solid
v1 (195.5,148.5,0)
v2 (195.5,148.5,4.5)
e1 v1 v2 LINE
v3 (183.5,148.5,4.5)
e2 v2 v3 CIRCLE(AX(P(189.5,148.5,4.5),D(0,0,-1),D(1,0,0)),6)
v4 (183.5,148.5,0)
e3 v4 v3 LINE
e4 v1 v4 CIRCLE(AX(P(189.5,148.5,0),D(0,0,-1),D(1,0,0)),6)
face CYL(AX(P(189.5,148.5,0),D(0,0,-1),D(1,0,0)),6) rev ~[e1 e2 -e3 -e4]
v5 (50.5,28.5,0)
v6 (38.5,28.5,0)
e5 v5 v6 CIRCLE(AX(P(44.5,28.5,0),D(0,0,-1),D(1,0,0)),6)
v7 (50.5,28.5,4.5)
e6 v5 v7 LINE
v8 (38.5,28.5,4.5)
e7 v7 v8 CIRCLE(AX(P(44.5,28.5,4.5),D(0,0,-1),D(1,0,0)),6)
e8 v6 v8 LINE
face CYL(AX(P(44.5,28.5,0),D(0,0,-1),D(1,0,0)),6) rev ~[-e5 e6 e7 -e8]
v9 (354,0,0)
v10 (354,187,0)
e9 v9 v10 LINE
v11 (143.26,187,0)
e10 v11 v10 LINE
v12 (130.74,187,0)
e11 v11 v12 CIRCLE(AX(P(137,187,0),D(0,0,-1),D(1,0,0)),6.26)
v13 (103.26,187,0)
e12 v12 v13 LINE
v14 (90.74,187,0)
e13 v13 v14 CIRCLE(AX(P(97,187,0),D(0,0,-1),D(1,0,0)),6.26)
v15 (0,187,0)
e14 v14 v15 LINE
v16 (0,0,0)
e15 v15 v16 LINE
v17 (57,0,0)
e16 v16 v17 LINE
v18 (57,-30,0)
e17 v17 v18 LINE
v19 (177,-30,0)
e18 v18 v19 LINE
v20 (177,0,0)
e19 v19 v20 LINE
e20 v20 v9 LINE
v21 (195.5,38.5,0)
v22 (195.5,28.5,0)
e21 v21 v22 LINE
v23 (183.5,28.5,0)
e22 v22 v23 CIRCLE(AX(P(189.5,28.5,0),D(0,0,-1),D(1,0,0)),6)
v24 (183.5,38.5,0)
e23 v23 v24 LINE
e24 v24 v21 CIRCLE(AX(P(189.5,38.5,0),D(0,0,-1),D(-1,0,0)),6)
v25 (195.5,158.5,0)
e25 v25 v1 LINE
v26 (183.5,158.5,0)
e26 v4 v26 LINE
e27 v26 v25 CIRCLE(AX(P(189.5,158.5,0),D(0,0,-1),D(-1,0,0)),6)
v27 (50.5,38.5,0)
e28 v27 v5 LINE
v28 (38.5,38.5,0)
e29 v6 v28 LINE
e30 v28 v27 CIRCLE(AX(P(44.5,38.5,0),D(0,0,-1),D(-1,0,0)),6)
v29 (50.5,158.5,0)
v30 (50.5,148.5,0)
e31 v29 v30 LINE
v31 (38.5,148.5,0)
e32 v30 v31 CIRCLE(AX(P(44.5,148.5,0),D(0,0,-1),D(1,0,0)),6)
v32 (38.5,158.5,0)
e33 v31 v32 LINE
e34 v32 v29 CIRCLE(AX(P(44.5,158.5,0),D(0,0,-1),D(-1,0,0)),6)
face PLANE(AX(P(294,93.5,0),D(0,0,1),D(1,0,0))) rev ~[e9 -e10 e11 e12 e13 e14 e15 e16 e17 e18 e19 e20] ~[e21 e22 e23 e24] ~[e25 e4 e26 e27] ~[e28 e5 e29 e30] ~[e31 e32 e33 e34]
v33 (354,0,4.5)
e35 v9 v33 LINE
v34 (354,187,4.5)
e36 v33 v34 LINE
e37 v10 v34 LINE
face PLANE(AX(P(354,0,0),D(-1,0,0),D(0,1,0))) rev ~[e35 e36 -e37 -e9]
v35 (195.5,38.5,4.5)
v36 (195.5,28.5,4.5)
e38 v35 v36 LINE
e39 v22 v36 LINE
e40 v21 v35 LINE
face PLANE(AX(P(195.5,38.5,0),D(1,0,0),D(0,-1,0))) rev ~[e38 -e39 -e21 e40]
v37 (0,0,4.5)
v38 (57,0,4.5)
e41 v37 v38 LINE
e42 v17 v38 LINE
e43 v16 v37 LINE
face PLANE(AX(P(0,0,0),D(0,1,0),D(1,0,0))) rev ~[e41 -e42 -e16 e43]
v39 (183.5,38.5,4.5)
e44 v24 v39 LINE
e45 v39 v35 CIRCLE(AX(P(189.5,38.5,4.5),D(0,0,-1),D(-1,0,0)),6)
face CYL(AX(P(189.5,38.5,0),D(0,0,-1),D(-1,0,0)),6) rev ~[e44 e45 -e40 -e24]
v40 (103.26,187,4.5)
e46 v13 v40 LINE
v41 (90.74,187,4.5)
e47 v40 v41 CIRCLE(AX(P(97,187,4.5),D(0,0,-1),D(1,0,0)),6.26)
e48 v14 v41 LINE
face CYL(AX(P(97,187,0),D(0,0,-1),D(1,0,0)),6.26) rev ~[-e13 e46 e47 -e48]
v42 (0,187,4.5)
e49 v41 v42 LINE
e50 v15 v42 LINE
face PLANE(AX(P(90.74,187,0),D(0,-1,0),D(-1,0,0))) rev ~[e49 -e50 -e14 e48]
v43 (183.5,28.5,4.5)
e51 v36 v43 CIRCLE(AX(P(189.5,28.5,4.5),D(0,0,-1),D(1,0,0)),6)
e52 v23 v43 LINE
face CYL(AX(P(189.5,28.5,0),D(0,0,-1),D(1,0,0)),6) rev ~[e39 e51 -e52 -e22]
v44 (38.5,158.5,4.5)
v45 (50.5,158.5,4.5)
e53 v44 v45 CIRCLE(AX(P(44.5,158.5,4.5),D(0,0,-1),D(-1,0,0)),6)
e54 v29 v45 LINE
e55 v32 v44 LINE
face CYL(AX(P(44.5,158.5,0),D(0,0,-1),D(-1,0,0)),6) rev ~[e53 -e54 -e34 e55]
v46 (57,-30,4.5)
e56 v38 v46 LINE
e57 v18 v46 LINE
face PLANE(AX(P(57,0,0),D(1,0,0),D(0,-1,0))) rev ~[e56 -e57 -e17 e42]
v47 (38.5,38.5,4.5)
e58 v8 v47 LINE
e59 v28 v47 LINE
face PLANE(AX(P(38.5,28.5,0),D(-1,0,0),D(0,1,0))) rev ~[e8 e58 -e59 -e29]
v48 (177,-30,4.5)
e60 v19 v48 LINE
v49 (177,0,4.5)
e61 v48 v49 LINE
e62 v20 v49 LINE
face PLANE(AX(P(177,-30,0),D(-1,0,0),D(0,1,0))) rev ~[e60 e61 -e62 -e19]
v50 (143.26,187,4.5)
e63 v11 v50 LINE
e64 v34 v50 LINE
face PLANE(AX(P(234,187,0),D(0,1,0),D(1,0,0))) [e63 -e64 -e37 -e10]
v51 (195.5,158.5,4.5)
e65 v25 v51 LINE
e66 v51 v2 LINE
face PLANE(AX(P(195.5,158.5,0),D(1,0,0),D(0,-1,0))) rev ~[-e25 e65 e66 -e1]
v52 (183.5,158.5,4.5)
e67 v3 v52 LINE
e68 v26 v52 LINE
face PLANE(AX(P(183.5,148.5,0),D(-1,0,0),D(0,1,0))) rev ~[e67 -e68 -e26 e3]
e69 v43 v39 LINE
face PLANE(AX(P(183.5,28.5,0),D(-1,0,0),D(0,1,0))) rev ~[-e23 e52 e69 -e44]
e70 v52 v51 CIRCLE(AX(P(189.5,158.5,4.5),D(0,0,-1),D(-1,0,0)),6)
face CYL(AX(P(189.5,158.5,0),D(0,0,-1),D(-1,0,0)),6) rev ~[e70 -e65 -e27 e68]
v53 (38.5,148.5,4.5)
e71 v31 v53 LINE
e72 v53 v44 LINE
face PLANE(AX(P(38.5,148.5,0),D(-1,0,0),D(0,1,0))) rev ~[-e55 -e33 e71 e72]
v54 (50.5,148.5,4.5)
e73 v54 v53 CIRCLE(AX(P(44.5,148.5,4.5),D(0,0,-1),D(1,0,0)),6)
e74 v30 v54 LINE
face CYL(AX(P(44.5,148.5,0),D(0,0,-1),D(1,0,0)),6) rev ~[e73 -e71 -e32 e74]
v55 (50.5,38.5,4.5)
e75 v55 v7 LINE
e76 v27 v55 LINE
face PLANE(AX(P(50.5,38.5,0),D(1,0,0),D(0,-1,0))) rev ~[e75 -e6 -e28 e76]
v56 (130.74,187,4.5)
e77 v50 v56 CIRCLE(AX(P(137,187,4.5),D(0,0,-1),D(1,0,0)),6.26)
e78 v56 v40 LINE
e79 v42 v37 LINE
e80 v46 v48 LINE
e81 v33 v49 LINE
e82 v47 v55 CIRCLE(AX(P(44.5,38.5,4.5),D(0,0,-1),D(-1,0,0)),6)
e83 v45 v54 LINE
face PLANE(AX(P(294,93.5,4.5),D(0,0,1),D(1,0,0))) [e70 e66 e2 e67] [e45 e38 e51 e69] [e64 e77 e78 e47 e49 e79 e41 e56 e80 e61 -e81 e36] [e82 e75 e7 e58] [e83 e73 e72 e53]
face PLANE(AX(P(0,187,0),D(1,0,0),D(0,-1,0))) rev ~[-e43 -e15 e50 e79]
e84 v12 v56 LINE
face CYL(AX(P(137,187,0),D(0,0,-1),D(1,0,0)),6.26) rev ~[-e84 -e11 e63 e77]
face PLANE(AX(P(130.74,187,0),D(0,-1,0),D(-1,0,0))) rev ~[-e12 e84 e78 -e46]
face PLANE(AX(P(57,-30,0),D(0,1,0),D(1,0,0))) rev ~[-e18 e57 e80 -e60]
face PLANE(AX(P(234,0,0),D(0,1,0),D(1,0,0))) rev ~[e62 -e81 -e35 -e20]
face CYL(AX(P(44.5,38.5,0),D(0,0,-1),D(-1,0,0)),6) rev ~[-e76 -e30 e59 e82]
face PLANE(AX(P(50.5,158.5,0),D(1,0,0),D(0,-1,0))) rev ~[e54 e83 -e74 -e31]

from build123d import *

# Parameters (mm, degrees)
F1_DEPTH = 4.5
F2_W     = 120
F2_H     = 187
F3_DEPTH = 4.5


with BuildPart() as f1:
    # F0 (on Top) → F1 (new body)
    with BuildSketch(Plane.XY):
        with BuildLine():
            Line((0, 187), (0, 0))
            Line((0, 0), (57, 0))
            Line((57, 0), (57, -30))
            Line((57, -30), (177, -30))
            Line((177, -30), (177, 0))
            Line((177, 0), (234, 0))
            Line((234, 0), (234, 187))
            Line((234, 187), (143.26, 187))
            ThreePointArc((143.26, 187), (137, 180.74), (130.74, 187))
            Line((130.74, 187), (103.26, 187))
            ThreePointArc((103.26, 187), (97, 180.74), (90.74, 187))
            Line((90.74, 187), (0, 187))
        make_face()
        with BuildLine():
            ThreePointArc((50.5, 28.5), (44.5, 22.5), (38.5, 28.5))
            Line((38.5, 28.5), (38.5, 38.5))
            ThreePointArc((38.5, 38.5), (44.5, 44.5), (50.5, 38.5))
            Line((50.5, 38.5), (50.5, 28.5))
        make_face(mode=Mode.SUBTRACT)
        with BuildLine():
            ThreePointArc((195.5, 28.5), (189.5, 22.5), (183.5, 28.5))
            Line((183.5, 28.5), (183.5, 38.5))
            ThreePointArc((183.5, 38.5), (189.5, 44.5), (195.5, 38.5))
            Line((195.5, 38.5), (195.5, 28.5))
        make_face(mode=Mode.SUBTRACT)
        with BuildLine():
            ThreePointArc((50.5, 148.5), (44.5, 142.5), (38.5, 148.5))
            Line((38.5, 148.5), (38.5, 158.5))
            ThreePointArc((38.5, 158.5), (44.5, 164.5), (50.5, 158.5))
            Line((50.5, 158.5), (50.5, 148.5))
        make_face(mode=Mode.SUBTRACT)
        with BuildLine():
            ThreePointArc((195.5, 148.5), (189.5, 142.5), (183.5, 148.5))
            Line((183.5, 148.5), (183.5, 158.5))
            ThreePointArc((183.5, 158.5), (189.5, 164.5), (195.5, 158.5))
            Line((195.5, 158.5), (195.5, 148.5))
        make_face(mode=Mode.SUBTRACT)
    extrude(amount=F1_DEPTH)

    # F2 (on Top) → F3 (join)
    with BuildSketch(Plane.XY):
        with Locations((294, 93.5)):
            Rectangle(F2_W, F2_H)
    extrude(amount=F3_DEPTH)


solid = f1.part
